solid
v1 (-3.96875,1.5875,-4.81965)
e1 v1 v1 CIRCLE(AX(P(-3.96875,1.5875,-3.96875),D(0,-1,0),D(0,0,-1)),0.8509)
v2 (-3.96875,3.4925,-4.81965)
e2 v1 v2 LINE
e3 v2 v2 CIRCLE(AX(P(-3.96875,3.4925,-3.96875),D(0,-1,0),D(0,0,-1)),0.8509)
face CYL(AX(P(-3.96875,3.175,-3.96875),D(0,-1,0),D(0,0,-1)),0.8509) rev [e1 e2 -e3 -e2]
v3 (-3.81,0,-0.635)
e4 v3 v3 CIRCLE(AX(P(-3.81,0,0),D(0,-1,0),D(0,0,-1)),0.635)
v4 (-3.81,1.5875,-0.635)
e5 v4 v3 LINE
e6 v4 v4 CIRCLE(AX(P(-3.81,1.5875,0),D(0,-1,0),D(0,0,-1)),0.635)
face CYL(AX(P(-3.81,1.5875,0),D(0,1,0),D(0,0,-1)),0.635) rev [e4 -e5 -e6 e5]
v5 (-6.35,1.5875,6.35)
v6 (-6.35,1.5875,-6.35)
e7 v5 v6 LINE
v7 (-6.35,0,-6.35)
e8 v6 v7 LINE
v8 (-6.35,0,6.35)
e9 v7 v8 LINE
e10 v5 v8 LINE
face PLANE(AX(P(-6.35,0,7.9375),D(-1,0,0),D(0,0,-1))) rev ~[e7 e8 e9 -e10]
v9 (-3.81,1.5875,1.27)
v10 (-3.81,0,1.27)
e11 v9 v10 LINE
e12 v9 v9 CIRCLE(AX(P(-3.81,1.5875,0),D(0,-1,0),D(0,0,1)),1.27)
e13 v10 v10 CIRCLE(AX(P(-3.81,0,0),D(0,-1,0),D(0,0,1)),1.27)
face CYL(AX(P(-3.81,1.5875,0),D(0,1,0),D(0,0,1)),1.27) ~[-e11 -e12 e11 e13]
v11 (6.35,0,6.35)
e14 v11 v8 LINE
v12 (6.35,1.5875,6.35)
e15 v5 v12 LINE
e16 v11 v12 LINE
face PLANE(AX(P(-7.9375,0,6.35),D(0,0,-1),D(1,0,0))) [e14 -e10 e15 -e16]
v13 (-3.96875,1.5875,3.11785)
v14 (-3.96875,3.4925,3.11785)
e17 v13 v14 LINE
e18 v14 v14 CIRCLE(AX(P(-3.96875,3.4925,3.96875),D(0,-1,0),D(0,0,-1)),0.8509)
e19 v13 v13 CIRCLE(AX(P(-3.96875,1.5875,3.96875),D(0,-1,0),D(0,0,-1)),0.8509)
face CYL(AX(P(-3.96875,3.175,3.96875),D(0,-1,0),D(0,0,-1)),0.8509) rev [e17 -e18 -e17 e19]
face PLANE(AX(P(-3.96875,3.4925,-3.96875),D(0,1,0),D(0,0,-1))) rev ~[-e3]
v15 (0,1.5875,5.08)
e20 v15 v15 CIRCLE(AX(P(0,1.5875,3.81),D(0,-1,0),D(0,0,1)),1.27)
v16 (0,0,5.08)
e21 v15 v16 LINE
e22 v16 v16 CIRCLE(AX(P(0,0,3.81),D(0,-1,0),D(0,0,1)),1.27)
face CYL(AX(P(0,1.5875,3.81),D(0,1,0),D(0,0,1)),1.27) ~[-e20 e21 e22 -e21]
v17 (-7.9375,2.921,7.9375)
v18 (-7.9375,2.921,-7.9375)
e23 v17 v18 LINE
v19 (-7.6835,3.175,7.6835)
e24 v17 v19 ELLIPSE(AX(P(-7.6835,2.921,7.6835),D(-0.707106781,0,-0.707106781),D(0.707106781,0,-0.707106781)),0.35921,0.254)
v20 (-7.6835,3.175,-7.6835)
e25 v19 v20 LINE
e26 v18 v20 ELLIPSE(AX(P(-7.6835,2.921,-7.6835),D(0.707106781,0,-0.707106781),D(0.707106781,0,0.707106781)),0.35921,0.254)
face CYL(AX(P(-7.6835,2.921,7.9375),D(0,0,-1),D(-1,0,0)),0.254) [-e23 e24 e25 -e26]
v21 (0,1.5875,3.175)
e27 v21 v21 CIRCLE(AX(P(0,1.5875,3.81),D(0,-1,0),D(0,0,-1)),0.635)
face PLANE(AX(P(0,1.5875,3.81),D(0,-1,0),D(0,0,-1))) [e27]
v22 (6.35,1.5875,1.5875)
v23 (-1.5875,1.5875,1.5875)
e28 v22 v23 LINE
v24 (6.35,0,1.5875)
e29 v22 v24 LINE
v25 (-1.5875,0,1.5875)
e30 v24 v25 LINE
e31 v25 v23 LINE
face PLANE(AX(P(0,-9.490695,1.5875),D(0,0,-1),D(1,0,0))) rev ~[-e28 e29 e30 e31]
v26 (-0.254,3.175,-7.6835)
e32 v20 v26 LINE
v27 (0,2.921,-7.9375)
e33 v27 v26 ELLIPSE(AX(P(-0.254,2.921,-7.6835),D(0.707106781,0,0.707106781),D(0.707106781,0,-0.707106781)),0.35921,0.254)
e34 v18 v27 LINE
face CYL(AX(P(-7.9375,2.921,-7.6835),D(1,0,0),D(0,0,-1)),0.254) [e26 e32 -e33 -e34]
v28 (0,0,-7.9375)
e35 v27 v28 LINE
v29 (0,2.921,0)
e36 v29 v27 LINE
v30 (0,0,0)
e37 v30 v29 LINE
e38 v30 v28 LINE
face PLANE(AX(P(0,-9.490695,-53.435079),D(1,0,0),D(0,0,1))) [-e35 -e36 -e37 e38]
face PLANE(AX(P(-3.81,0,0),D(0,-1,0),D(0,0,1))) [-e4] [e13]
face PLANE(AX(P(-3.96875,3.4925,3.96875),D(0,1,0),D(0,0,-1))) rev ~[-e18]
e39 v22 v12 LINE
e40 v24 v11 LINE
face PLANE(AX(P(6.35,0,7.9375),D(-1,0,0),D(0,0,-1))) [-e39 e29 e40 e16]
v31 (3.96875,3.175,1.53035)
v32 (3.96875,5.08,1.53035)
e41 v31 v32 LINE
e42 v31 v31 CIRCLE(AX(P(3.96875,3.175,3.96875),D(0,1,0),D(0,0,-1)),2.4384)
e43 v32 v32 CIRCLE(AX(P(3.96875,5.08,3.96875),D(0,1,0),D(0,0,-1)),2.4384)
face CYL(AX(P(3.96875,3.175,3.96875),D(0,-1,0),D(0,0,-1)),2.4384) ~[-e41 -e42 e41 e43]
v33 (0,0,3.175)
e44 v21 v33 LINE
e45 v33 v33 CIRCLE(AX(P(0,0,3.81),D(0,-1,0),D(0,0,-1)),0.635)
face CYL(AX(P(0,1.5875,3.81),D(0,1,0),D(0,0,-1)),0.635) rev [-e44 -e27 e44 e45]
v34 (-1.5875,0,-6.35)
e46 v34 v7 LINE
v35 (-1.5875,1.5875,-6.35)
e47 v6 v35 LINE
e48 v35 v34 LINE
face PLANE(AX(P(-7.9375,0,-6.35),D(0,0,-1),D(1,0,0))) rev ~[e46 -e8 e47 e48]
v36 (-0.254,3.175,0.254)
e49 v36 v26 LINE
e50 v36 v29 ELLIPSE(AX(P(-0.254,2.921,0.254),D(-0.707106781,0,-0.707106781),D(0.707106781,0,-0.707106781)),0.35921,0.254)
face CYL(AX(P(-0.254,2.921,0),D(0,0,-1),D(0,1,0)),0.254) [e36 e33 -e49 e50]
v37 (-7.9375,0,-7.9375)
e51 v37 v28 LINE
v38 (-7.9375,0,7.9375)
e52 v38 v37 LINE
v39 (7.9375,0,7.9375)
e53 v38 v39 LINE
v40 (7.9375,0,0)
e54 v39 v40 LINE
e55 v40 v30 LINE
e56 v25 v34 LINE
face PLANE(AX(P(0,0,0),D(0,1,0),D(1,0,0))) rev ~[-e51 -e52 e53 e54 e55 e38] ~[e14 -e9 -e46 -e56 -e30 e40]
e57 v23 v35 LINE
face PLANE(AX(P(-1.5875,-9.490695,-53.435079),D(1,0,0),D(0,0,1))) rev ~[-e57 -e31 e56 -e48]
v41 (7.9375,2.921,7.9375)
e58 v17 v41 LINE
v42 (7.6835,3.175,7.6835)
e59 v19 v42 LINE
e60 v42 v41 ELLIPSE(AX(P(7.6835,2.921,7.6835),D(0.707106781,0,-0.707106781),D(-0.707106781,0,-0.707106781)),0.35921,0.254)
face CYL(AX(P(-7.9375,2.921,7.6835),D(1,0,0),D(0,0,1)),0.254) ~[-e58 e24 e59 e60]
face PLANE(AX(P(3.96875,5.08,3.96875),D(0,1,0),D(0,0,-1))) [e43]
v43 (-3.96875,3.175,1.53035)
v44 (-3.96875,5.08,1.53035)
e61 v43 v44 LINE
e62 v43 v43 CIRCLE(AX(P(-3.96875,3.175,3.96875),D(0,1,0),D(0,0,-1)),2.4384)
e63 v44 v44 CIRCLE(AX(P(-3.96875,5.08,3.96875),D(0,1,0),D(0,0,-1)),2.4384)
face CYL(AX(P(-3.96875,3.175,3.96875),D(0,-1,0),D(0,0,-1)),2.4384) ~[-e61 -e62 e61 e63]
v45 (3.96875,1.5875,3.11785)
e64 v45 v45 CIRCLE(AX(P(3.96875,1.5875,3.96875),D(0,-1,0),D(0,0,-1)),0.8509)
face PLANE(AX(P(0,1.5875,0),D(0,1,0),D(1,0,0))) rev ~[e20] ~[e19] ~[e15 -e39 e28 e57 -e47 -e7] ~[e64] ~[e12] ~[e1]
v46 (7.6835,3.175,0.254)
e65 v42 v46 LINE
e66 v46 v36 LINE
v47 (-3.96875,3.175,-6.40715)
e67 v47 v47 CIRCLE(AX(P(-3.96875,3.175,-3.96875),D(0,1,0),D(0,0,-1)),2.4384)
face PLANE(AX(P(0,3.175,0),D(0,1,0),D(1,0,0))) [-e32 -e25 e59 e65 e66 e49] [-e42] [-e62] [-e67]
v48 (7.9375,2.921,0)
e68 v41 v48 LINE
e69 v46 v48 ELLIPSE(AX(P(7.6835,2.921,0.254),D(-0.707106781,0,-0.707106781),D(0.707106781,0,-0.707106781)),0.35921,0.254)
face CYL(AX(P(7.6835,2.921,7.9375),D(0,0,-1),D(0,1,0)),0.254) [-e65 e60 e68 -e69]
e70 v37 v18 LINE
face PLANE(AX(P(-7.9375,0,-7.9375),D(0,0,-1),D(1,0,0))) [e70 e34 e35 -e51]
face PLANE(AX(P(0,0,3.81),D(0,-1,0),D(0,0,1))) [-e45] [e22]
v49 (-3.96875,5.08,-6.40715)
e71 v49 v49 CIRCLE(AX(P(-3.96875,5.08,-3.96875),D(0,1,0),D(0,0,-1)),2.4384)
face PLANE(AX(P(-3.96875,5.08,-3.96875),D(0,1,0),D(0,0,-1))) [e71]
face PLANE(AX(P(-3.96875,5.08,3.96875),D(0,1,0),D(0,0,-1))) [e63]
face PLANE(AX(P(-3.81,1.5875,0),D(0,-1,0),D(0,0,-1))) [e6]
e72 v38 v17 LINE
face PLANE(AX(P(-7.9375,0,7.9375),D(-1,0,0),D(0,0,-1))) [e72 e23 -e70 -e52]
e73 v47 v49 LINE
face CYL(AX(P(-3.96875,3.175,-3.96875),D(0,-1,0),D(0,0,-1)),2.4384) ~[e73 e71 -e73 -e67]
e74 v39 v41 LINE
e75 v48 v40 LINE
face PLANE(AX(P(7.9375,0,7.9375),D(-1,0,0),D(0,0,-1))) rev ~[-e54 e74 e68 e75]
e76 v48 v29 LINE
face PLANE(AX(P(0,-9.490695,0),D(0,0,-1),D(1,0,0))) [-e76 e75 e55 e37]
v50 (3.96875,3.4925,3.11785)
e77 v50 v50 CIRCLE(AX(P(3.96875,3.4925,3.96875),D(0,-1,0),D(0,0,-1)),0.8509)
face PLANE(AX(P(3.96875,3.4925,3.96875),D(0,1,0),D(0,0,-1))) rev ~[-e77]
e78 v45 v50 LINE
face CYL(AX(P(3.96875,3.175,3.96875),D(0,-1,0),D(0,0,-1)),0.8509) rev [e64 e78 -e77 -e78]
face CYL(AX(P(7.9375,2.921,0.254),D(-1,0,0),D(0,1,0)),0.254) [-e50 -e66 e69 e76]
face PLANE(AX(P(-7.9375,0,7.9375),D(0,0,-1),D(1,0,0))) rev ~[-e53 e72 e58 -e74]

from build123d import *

# Parameters (mm, degrees)
SKETCH1_W               = 15.875
SKETCH1_H               = 15.875
BASE_EXTRUDE_DEPTH      = 3.175
SKETCH2_R               = 2.4384
BOSS_EXTRUDE1_DEPTH     = 1.905
LPATTERN4_COUNT         = 2
LPATTERN4_PITCH         = 7.9375
LPATTERN4_COUNT_DIR2    = 2
LPATTERN4_PITCH_DIR2    = 7.9375
CUT_EXTRUDE1_DEPTH      = 7.9375
CUT_EXTRUDE1_DEPTH_BACK = 12.6656949
SHELL1_T                = -1.5875
SKETCH4_R               = 1.27
BOSS_EXTRUDE2_DEPTH     = 1.5875
CUT_EXTRUDE2_START      = -1.5875
SKETCH5_R               = 0.635
CUT_EXTRUDE2_DEPTH      = 1.5875
FILLET1_R               = 0.254


with BuildPart() as part:
    # Sketch1 → Base-Extrude (new body)
    with BuildSketch(Plane(origin=(0, 0, 0), x_dir=(1, 0, 0), z_dir=(0, 1, 0))):
        Rectangle(SKETCH1_W, SKETCH1_H)
    extrude(amount=BASE_EXTRUDE_DEPTH)

    # Sketch2 → Boss-Extrude1 (add)
    with BuildSketch(Plane(origin=(0, 3.175, 0), x_dir=(-1, 0, 0), z_dir=(0, 1, 0))):
        with Locations(Location((3.96875, 3.96875, 0), (0, 0, 270))):
            Circle(SKETCH2_R)
    boss_extrude1 = extrude(amount=BOSS_EXTRUDE1_DEPTH)

    # LPattern4: Boss-Extrude1 2 × 2
    with Locations(*[(i * LPATTERN4_PITCH, 0, -j * LPATTERN4_PITCH_DIR2) for i in range(LPATTERN4_COUNT) for j in range(LPATTERN4_COUNT_DIR2) if (i, j) != (0, 0)]):
        add(boss_extrude1)

    # Sketch3 → Cut-Extrude1 (cut, two sides: drawn at the far end of the back side and taken through both)
    with BuildSketch(Plane(origin=(0, 3.175, 0), x_dir=(-1, 0, 0), z_dir=(0, 1, 0)).offset(-CUT_EXTRUDE1_DEPTH_BACK)):
        Polygon((0, -53.435079143), (0, -7.9375), (0, 0), (-7.9375, 0), (-53.435079143, 0), (-117.778372622, -64.343293479), (-64.343293479, -117.778372622), align=None)
    extrude(amount=CUT_EXTRUDE1_DEPTH + CUT_EXTRUDE1_DEPTH_BACK, mode=Mode.SUBTRACT)

    # Shell1
    shell1_openings = [part.faces().sort_by_distance(p)[0] for p in [
        (-1.322916667, 0, 1.322916667),
    ]]
    offset(amount=SHELL1_T, openings=shell1_openings, kind=Kind.INTERSECTION)

    # Sketch4 → Boss-Extrude2 (add)
    with BuildSketch(Plane.XZ.offset(-1.5875)):
        with Locations(Location((-3.81, 0, 0), (0, 0, 90))):
            Circle(SKETCH4_R)
        with Locations(Location((0, 3.81, 0), (0, 0, 90))):
            Circle(SKETCH4_R)
    extrude(amount=BOSS_EXTRUDE2_DEPTH)

    # Sketch5 → Cut-Extrude2 (cut)
    with BuildSketch(Plane.XZ.offset(CUT_EXTRUDE2_START)):
        with Locations(Location((0, 3.81, 0), (0, 0, 270))):
            Circle(SKETCH5_R)
        with Locations(Location((-3.81, 0, 0), (0, 0, 270))):
            Circle(SKETCH5_R)
    extrude(amount=CUT_EXTRUDE2_DEPTH, mode=Mode.SUBTRACT)

    # Fillet1
    fillet1_edges = [part.edges().sort_by_distance(p)[0] for p in [
        (7.9375, 3.175, 3.96875),
        (-3.96875, 3.175, -7.9375),
        (0, 3.175, -3.96875),
        (3.96875, 3.175, 0),
        (-7.9375, 3.175, 0),
        (0, 3.175, 7.9375),
    ]]
    fillet(fillet1_edges, radius=FILLET1_R)


solid = part.part
